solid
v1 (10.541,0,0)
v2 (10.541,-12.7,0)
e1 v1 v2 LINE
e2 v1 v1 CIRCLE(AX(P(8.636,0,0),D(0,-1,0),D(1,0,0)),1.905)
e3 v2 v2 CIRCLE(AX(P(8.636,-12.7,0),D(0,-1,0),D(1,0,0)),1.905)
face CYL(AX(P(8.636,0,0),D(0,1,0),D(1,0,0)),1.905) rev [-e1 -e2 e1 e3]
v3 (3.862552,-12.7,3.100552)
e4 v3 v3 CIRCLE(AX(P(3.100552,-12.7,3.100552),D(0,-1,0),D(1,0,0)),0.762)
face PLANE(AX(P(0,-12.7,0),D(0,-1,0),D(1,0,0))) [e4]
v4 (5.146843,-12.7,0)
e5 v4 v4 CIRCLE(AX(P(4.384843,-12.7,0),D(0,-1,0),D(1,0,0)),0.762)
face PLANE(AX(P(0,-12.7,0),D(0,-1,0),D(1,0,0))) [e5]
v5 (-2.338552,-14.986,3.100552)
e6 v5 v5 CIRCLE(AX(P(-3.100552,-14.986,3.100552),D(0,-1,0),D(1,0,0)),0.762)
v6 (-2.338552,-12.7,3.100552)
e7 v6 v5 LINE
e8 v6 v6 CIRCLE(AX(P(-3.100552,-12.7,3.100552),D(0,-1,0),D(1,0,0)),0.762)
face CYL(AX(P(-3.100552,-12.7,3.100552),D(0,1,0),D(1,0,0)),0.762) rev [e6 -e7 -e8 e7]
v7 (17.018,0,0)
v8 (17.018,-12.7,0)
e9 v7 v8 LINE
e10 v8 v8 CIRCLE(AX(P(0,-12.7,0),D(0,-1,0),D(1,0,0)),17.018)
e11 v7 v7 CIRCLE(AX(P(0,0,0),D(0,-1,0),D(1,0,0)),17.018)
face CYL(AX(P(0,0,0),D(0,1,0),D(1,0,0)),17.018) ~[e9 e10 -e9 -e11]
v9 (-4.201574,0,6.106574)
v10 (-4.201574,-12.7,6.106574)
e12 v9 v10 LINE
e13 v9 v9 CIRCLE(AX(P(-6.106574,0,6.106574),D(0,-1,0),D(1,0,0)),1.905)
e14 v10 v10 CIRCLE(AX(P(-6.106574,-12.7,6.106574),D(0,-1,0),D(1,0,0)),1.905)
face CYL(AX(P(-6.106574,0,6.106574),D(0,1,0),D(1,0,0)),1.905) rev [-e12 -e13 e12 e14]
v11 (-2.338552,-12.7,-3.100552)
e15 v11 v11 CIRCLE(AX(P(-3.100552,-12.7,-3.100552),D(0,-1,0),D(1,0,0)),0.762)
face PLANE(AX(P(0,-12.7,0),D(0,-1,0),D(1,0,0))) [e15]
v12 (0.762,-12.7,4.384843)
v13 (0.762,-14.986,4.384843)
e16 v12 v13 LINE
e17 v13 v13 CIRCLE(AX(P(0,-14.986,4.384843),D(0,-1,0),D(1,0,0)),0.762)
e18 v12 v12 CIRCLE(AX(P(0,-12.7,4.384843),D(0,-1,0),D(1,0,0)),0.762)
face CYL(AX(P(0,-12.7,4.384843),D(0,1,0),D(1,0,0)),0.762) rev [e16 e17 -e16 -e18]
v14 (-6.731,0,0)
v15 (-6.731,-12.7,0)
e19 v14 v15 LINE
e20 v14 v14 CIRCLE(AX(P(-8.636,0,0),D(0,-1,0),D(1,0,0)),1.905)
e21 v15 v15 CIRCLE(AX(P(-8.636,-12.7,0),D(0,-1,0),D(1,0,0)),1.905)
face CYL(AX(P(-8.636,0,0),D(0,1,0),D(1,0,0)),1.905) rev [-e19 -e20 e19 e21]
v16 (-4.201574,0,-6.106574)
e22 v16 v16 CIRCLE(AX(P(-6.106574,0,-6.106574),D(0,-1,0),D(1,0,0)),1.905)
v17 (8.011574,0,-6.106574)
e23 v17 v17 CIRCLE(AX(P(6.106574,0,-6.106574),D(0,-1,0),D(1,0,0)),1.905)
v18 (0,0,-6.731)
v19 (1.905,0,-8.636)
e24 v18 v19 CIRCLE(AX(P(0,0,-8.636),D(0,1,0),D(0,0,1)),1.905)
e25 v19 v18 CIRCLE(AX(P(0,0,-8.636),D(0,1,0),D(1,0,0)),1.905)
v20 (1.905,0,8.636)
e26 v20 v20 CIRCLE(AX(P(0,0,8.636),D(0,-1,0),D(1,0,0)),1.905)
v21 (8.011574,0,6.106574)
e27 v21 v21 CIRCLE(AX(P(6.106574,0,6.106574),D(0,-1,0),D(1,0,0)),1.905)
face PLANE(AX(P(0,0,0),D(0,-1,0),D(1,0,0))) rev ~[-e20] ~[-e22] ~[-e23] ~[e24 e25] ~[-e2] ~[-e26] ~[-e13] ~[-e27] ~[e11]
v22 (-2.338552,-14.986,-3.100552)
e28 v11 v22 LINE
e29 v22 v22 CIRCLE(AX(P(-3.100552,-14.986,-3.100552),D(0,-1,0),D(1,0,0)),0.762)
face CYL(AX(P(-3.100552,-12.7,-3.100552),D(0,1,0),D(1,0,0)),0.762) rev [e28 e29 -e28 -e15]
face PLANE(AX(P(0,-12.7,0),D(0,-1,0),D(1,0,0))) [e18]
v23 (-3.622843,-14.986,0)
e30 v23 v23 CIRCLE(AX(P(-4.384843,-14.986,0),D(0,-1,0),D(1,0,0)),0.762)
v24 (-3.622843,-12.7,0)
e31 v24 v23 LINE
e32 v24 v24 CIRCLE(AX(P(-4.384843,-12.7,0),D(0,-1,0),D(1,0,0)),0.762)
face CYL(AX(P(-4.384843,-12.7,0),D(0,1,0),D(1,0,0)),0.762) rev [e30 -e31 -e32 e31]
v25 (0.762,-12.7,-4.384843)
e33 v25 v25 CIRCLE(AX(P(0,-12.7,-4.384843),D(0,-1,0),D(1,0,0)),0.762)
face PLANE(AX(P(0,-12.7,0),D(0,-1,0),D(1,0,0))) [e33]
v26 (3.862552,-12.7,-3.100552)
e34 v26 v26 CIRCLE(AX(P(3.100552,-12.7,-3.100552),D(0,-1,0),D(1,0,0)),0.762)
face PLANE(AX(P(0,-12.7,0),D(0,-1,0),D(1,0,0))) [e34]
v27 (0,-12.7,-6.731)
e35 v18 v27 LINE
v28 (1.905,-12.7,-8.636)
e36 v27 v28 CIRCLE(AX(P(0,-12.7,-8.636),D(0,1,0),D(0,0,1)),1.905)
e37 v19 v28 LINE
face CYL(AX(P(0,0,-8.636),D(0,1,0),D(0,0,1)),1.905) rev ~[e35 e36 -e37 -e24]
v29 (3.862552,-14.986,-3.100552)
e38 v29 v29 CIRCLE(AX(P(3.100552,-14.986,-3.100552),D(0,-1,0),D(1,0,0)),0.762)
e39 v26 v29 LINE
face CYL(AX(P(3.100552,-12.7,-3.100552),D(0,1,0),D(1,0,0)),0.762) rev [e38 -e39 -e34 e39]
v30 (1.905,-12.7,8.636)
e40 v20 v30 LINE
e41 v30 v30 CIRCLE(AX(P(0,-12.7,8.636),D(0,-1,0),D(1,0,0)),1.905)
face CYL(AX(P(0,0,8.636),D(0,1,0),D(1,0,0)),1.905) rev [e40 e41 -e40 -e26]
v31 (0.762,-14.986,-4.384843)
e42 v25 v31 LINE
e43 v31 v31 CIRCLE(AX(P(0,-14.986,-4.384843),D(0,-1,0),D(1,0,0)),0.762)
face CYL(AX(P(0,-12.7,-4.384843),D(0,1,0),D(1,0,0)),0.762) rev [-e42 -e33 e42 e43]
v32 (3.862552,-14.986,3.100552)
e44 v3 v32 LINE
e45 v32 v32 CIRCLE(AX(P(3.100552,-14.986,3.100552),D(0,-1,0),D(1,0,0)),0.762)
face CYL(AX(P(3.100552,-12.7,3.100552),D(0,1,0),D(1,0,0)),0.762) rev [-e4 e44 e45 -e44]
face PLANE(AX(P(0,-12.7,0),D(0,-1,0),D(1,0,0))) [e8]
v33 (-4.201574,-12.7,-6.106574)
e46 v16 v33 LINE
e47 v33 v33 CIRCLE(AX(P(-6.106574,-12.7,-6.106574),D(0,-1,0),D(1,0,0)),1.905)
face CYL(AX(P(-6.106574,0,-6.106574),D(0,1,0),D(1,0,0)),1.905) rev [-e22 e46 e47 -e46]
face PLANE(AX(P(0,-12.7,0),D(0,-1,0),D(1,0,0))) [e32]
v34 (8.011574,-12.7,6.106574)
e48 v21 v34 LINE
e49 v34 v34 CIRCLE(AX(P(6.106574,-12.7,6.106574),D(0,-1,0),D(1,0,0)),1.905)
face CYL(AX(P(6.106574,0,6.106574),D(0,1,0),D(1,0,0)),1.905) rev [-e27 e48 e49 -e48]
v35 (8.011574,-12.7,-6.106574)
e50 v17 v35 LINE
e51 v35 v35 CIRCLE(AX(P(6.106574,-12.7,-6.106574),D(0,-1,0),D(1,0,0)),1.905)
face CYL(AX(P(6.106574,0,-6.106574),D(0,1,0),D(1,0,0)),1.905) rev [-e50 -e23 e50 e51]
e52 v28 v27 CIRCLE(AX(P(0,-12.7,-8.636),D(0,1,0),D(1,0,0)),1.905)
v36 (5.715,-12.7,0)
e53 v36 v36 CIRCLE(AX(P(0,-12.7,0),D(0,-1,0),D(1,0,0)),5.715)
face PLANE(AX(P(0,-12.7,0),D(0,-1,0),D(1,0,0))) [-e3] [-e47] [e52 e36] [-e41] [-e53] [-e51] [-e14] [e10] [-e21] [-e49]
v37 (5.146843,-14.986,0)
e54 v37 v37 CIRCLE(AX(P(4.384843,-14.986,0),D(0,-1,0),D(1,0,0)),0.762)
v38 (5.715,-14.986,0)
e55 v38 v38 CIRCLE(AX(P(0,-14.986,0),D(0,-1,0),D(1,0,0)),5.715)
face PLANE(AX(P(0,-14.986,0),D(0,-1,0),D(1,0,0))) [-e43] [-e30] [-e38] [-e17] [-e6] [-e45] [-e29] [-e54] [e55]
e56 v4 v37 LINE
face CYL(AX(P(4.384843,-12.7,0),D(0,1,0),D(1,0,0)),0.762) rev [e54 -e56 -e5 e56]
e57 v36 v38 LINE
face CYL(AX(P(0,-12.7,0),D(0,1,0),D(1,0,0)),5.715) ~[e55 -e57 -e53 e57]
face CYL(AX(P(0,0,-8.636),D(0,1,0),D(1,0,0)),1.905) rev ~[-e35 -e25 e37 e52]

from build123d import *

# Parameters (mm, degrees)
F0_R     = 17.018
F0_R_2   = 1.905
F1_DEPTH = 12.7
F2_R     = 5.715
F2_R_2   = 0.762
F3_DEPTH = 2.286


with BuildPart() as f1:
    # F0 (on Front) → F1 (new body)
    with BuildSketch(Plane.XZ):
        Circle(F0_R)
        with Locations((-6.1065741623, -6.1065741623)):
            Circle(F0_R_2, mode=Mode.SUBTRACT)
        with BuildLine():
            ThreePointArc((0, -6.731), (1.3470384182, -7.2889615818), (1.905, -8.636))
            ThreePointArc((1.905, -8.636), (-1.3470384182, -9.9830384182), (0, -6.731))
        make_face(mode=Mode.SUBTRACT)
        with Locations((6.1065741623, -6.1065741623)):
            Circle(F0_R_2, mode=Mode.SUBTRACT)
        with Locations((-8.636, 0)):
            Circle(F0_R_2, mode=Mode.SUBTRACT)
        with Locations((-6.1065741623, 6.1065741623)):
            Circle(F0_R_2, mode=Mode.SUBTRACT)
        with Locations((6.1065741623, 6.1065741623)):
            Circle(F0_R_2, mode=Mode.SUBTRACT)
        with Locations((8.636, 0)):
            Circle(F0_R_2, mode=Mode.SUBTRACT)
        with Locations((0, 8.636)):
            Circle(F0_R_2, mode=Mode.SUBTRACT)
    extrude(amount=F1_DEPTH)

    # F2 (on face) → F3 (join)
    with BuildSketch(Plane.XZ.offset(12.7)):
        Circle(F2_R)
        with Locations((-3.1005520085, -3.1005520085)):
            Circle(F2_R_2, mode=Mode.SUBTRACT)
        with Locations((0, -4.3848427013)):
            Circle(F2_R_2, mode=Mode.SUBTRACT)
        with Locations((3.1005520085, -3.1005520085)):
            Circle(F2_R_2, mode=Mode.SUBTRACT)
        with Locations((-4.3848427013, 0)):
            Circle(F2_R_2, mode=Mode.SUBTRACT)
        with Locations((-3.1005520085, 3.1005520085)):
            Circle(F2_R_2, mode=Mode.SUBTRACT)
        with Locations((4.3848427013, 0)):
            Circle(F2_R_2, mode=Mode.SUBTRACT)
        with Locations((0, 4.3848427013)):
            Circle(F2_R_2, mode=Mode.SUBTRACT)
        with Locations((3.1005520085, 3.1005520085)):
            Circle(F2_R_2, mode=Mode.SUBTRACT)
    extrude(amount=F3_DEPTH)


solid = f1.part
